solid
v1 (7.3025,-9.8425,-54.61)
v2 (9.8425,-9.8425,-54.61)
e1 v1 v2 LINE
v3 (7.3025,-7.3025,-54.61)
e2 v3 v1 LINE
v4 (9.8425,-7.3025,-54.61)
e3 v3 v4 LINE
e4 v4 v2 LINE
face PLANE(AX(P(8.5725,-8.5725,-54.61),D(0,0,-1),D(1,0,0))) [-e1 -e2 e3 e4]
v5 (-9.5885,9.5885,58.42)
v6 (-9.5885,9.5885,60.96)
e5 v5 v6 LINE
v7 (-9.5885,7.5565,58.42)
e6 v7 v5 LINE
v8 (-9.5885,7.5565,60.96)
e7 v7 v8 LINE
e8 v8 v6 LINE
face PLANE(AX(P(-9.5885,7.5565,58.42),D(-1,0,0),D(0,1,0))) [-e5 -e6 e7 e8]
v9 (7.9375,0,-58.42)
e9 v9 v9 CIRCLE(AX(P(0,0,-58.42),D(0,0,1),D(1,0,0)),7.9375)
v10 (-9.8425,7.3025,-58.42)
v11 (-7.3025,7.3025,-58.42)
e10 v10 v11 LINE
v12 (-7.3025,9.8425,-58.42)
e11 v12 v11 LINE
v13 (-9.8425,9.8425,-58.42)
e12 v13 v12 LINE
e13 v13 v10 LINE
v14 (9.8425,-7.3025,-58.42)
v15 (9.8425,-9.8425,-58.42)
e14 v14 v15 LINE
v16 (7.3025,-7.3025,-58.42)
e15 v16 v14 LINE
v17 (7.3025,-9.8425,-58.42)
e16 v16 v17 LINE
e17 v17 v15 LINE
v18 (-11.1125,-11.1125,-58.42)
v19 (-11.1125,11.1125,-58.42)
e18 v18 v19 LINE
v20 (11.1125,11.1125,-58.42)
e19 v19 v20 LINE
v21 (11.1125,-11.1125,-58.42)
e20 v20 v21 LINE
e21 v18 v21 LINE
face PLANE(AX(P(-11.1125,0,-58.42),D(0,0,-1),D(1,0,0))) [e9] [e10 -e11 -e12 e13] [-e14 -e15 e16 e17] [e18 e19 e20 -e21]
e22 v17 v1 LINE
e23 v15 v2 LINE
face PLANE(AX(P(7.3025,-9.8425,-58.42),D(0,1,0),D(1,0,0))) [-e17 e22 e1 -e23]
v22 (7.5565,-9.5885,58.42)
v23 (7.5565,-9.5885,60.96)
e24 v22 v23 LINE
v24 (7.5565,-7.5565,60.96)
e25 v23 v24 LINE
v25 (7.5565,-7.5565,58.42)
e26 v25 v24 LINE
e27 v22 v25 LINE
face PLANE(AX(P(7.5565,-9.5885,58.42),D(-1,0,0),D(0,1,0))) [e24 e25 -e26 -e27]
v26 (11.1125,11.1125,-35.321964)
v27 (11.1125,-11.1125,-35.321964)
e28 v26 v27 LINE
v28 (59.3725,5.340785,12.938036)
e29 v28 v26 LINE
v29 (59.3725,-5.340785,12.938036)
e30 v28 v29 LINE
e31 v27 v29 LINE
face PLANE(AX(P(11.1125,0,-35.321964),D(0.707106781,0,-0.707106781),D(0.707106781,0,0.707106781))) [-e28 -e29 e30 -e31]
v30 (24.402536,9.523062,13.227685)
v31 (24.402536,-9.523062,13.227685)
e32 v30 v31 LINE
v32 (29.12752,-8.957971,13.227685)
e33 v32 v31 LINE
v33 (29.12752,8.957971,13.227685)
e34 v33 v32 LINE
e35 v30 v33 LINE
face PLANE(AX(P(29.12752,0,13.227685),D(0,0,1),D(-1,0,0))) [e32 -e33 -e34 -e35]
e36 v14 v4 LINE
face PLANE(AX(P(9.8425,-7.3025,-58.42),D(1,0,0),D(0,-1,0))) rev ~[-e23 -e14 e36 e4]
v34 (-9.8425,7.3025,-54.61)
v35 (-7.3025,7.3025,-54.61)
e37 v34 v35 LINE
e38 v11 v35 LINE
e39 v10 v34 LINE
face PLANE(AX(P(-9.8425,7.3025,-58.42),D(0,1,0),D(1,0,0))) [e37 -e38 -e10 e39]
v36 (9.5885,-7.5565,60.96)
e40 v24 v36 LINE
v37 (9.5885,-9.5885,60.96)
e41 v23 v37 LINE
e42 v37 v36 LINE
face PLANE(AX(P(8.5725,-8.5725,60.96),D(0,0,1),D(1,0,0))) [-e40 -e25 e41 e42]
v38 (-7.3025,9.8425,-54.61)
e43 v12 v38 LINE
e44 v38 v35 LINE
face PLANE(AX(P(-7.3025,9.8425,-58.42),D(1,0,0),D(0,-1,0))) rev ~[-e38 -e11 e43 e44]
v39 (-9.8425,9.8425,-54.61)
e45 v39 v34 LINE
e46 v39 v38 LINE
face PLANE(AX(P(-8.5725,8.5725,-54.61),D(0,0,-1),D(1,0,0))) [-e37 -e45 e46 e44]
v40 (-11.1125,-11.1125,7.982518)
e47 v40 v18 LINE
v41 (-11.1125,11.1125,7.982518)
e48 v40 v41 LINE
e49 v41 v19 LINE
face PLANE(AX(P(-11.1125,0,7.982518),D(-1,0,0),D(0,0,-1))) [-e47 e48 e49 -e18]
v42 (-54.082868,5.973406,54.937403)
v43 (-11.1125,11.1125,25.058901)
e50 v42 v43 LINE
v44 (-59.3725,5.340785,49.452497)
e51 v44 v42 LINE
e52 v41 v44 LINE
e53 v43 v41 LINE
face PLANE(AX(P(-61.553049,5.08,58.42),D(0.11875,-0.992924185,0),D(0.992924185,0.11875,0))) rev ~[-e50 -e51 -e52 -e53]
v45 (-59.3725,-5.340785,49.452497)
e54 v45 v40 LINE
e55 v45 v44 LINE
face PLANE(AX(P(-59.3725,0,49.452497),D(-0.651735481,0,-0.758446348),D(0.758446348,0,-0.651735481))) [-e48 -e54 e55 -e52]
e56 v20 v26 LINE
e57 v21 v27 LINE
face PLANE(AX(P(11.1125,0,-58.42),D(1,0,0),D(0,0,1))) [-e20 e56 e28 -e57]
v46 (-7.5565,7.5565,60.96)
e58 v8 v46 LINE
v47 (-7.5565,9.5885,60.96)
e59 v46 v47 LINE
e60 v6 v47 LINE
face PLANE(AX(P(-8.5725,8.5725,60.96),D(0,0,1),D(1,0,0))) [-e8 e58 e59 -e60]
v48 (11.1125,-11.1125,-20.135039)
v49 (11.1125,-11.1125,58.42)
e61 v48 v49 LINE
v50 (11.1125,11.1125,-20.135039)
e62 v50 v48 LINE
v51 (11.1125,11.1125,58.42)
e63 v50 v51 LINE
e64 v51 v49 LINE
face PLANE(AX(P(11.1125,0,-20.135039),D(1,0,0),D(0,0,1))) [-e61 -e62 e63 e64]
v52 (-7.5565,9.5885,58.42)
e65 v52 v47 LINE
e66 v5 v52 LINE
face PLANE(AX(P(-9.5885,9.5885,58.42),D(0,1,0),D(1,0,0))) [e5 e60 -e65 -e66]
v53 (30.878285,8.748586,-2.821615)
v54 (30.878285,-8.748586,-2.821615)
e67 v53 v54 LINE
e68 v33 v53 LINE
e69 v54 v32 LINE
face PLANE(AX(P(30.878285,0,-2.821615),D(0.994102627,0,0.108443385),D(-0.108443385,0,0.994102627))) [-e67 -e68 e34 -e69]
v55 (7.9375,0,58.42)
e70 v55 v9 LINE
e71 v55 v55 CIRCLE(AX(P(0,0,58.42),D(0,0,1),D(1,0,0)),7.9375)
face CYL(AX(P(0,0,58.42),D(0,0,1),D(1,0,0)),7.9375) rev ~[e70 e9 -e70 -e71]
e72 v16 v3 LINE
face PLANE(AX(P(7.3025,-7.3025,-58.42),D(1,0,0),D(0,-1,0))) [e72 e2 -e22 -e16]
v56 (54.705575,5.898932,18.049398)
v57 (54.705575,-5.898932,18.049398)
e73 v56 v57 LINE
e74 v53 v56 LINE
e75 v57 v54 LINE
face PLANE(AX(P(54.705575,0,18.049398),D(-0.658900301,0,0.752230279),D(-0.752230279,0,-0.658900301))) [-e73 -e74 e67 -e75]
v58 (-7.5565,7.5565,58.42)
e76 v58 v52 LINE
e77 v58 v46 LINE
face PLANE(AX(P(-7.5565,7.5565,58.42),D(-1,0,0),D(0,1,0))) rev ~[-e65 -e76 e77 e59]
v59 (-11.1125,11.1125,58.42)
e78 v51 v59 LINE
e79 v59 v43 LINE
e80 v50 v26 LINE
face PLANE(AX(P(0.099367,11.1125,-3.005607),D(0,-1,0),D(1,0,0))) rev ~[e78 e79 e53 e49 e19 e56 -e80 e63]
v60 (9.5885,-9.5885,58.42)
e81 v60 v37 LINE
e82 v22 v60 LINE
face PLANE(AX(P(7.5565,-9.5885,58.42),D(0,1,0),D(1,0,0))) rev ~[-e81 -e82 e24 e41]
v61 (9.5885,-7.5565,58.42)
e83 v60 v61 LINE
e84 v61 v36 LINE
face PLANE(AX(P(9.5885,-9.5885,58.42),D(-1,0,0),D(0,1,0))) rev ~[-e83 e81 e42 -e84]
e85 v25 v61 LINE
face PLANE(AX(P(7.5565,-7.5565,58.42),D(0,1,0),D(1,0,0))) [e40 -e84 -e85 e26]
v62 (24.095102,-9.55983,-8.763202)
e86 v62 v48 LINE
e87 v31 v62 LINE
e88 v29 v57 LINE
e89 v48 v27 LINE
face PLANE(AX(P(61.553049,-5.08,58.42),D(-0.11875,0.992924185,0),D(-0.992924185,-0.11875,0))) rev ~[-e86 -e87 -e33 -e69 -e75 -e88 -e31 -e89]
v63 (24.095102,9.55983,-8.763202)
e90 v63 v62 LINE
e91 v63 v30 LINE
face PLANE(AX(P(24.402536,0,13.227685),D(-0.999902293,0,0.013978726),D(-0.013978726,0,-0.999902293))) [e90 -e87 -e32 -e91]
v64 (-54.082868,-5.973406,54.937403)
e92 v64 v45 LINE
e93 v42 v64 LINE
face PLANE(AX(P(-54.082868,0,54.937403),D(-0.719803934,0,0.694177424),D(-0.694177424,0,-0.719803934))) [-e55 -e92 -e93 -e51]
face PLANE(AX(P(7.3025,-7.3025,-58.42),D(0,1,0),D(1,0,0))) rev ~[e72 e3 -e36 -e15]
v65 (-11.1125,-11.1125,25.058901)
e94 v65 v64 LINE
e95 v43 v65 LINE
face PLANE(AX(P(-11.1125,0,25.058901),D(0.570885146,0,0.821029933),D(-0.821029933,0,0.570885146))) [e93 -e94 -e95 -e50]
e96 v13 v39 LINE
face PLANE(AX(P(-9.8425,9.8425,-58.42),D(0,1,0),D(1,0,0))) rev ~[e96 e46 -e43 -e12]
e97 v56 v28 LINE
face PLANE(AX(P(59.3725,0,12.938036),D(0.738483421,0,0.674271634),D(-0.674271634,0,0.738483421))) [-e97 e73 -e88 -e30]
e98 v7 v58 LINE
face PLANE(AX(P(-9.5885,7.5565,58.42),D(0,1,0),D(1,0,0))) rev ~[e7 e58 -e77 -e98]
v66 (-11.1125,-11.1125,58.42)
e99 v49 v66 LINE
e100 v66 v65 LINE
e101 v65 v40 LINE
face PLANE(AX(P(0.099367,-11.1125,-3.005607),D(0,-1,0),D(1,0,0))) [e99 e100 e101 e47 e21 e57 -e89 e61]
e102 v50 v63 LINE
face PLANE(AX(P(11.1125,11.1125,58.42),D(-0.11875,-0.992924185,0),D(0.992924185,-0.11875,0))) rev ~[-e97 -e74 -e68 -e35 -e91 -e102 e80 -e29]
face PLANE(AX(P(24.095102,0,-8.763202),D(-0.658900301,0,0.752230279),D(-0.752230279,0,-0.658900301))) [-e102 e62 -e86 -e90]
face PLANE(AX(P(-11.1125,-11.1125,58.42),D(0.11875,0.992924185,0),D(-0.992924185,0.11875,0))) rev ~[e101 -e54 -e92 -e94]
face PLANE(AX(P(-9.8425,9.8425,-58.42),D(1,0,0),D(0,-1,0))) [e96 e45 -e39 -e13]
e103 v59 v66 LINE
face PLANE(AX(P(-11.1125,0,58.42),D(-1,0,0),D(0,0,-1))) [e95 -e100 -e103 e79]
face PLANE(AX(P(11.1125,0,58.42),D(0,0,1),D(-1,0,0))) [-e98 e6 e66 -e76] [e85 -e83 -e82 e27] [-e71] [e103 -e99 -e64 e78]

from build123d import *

# Parameters (mm, degrees)
F1_DEPTH = 11.1125
F2_R     = 7.9375
F3_DEPTH = 133.096
F5_DEPTH = 135.636
F6_W     = 2.54
F6_H     = 2.54
F7_DEPTH = 3.81
F8_W     = 2.032
F8_H     = 2.032
F9_DEPTH = 2.54


with BuildPart() as f1:
    # F0 (on Front) → F1 (new body, symmetric)
    with BuildSketch(Plane.XZ):
        Polygon((-11.1125, -58.42), (11.1125, -58.42), (11.1125, -35.3219639331), (0, -46.4344639331), (0, -29.8688001931), (11.1125, -20.1350393977), (11.1125, 58.42), (-11.1125, 58.42), (-11.1125, 25.0589007236), (0, 17.3320677131), (0, -1.5664904641), (-11.1125, 7.9825179157), align=None)
        Polygon((0, -46.4344639331), (11.1125, -35.3219639331), (11.1125, -20.1350393977), (0, -29.8688001931), align=None)
        Polygon((11.1125, -20.1350393977), (11.1125, -35.3219639331), (59.3725, 12.9380360669), (54.7055751085, 18.0493984371), (30.8782853477, -2.8216151901), (24.0951018289, -8.763202214), align=None)
        Polygon((-59.3725, 49.452497165), (-11.1125, 7.9825179157), (-11.1125, 25.0589007236), (-54.0828680275, 54.9374031437), align=None)
        Polygon((-11.1125, 25.0589007236), (-11.1125, 7.9825179157), (0, -1.5664904641), (0, 17.3320677131), align=None)
        Polygon((24.4025364518, 13.2276853547), (24.0951018289, -8.763202214), (30.8782853477, -2.8216151901), (29.1275199493, 13.2276853547), align=None)
    extrude(amount=F1_DEPTH, both=True)

    # F2 (on face) → F3 (cut)
    with BuildSketch(Plane.XY.offset(58.42)):
        Circle(F2_R)
    extrude(amount=-F3_DEPTH, mode=Mode.SUBTRACT)

    # F4 (on face) → F5 (cut)
    with BuildSketch(Plane.XY.offset(58.42)):
        Polygon((-61.5530486068, -11.1125), (-11.1125, -11.1125), (-61.5530486068, -5.08), align=None)
        Polygon((-61.5530486068, 5.08), (-11.1125, 11.1125), (-61.5530486068, 11.1125), align=None)
        Polygon((61.5530486068, -5.08), (11.1125, -11.1125), (61.5530486068, -11.1125), align=None)
        Polygon((61.5530486068, 11.1125), (11.1125, 11.1125), (61.5530486068, 5.08), align=None)
    extrude(amount=-F5_DEPTH, mode=Mode.SUBTRACT)

    # F6 (on face) → F7 (cut)
    with BuildSketch(Plane(origin=(0, 0, -58.42), x_dir=(1, 0, 0), z_dir=(0, 0, -1))):
        with Locations((8.5725, 8.5725)):
            Rectangle(F6_W, F6_H)
        with Locations((-8.5725, -8.5725)):
            Rectangle(F6_W, F6_H)
    extrude(amount=-F7_DEPTH, mode=Mode.SUBTRACT)

    # F8 (on face) → F9 (join)
    with BuildSketch(Plane.XY.offset(58.42)):
        with Locations((8.5725, -8.5725)):
            Rectangle(F8_W, F8_H)
        with Locations((-8.5725, 8.5725)):
            Rectangle(F8_W, F8_H)
    extrude(amount=F9_DEPTH)


solid = f1.part
